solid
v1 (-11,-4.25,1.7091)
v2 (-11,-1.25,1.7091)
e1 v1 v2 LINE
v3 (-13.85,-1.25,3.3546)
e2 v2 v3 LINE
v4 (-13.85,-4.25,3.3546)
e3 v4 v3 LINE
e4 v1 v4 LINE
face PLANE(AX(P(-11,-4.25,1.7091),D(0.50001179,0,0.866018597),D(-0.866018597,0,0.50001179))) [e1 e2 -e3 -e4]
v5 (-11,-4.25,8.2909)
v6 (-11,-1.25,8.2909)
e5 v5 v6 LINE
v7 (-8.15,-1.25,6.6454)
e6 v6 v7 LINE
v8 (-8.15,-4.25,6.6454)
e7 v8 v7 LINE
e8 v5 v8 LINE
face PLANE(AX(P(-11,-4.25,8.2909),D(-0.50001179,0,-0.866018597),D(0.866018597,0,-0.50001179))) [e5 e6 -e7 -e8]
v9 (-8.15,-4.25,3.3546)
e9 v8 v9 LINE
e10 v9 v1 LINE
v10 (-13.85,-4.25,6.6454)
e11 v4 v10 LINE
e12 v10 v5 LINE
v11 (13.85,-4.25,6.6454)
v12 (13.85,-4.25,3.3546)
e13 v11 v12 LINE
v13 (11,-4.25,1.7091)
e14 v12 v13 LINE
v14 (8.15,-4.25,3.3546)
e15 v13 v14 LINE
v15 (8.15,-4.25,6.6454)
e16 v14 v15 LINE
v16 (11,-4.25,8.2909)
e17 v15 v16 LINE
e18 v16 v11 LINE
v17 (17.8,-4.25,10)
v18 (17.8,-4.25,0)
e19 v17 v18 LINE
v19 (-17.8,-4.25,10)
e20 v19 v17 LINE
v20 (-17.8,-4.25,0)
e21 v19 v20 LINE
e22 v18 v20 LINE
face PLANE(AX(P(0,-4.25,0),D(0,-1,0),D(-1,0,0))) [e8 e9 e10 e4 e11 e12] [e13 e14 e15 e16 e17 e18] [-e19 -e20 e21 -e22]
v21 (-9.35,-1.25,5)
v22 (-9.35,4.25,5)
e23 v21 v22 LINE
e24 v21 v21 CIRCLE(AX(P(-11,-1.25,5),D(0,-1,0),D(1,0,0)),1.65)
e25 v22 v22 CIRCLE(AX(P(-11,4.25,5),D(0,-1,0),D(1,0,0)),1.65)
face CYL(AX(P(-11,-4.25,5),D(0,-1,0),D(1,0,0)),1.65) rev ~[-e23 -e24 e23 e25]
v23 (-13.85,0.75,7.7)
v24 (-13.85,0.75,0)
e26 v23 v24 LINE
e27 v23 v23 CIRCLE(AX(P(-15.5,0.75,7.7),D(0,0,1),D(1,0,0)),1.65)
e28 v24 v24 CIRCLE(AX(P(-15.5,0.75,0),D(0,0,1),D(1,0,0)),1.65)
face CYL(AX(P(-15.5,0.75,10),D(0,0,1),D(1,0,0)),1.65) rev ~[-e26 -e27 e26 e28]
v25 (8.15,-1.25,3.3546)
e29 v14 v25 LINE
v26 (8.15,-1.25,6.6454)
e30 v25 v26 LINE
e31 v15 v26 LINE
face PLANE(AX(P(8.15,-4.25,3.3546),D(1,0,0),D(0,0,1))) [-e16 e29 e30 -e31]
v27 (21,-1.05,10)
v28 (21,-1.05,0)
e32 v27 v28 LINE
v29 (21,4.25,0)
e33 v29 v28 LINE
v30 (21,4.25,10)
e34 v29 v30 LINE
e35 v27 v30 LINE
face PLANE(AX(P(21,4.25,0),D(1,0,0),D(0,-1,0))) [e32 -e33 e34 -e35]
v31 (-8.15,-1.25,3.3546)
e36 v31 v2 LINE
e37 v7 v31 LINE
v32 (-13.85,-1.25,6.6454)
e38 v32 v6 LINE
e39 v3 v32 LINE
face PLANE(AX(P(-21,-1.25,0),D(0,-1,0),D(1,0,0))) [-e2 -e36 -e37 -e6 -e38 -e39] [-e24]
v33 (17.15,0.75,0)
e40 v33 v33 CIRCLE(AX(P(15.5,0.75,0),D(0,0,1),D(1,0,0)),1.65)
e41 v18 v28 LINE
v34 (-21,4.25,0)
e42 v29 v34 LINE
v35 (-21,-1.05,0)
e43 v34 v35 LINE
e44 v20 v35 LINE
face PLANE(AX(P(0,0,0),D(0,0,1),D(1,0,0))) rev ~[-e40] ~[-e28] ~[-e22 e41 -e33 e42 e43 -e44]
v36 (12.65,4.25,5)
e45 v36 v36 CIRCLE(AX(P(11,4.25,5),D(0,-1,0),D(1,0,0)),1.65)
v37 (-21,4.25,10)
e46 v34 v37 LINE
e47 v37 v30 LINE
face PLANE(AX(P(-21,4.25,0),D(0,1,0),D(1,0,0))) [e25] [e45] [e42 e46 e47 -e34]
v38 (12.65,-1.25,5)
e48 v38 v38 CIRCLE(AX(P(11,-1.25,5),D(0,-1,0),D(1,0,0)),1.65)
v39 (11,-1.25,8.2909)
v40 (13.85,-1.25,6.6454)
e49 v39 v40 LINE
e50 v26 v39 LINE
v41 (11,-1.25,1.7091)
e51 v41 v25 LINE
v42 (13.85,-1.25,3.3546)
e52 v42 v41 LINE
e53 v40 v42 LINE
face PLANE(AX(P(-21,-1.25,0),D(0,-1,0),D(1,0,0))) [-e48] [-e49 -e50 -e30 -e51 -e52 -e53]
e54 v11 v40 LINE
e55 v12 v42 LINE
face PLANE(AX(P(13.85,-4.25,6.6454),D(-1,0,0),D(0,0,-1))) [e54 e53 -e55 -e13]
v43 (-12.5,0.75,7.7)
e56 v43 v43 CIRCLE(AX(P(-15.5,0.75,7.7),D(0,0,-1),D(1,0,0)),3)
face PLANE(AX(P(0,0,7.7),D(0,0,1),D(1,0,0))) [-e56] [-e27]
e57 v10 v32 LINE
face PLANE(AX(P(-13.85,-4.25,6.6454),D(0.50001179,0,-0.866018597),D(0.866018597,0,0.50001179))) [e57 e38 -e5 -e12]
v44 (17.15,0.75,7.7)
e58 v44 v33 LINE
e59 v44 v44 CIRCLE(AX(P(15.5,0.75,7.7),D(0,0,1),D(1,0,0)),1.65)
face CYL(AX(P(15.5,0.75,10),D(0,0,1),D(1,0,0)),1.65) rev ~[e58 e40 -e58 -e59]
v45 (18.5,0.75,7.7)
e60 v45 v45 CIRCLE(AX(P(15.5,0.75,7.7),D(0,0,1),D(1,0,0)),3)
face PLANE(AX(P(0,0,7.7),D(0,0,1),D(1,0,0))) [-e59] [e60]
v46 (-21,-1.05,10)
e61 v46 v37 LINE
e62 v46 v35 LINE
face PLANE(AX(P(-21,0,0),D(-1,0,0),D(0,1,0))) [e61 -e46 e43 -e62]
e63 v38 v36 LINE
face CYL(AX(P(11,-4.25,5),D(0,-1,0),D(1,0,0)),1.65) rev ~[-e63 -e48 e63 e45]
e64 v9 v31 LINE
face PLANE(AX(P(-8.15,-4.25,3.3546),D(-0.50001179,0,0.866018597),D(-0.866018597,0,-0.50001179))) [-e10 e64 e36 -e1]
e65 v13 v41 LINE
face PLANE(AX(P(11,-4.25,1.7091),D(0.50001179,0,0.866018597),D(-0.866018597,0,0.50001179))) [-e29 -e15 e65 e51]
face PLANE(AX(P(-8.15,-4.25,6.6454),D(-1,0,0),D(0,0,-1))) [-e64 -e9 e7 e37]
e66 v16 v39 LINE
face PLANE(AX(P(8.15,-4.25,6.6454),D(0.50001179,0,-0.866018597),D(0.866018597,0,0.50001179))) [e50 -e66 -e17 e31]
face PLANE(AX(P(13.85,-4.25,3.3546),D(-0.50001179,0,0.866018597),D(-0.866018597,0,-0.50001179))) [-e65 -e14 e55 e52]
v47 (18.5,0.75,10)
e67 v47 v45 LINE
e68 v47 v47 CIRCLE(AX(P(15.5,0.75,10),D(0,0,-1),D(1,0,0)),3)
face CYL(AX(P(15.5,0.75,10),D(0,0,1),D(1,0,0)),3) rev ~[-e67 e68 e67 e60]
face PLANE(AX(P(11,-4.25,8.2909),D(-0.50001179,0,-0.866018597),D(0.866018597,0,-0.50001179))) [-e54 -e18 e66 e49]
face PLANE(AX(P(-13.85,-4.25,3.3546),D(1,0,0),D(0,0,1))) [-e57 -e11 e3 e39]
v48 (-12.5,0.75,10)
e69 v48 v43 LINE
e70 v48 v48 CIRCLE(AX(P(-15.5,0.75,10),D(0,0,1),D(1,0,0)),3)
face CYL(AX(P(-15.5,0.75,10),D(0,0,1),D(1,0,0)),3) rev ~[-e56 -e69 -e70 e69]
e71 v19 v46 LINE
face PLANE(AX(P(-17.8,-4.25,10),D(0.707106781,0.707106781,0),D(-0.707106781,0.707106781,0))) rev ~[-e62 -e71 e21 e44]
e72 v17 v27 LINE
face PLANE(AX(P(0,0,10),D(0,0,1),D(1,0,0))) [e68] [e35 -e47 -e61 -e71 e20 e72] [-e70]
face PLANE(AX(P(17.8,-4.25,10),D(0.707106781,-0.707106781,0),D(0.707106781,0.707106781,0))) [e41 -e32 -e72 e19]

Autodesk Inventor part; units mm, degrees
ref_plane "YZ Plane" through (0, 0, 0) normal (1, 0, 0) x (0, 1, 0)
ref_plane "XZ Plane" through (0, 0, 0) normal (0, 1, 0) x (-1, 0, 0)
ref_plane "XY Plane" through (0, 0, 0) normal (0, 0, 1) x (1, 0, 0)
sketch "草圖1" plane through (0, 0, 0) normal (0, 0, 1) x (1, 0, 0)
  line L0 (-29.4, 0) -> (29.4, 0) projected
  line L1 (0, -5.95) -> (0, 5.95) projected
  line L2 (-21, 4.25) -> (21, 4.25)
  line L3 (21, 4.25) -> (21, -4.25)
  line L4 (21, -4.25) -> (-21, -4.25)
  line L5 (-21, -4.25) -> (-21, 4.25)
  point P0 (0, 0)
  dimension "d0" = 8.5
  dimension "d1" = 42
extrude "擠出1" add sketch "草圖1" along normal blind 10
sketch "草圖2" plane through (-21, -4.25, 0) normal (0, -1, 0) x (1, 0, 0)
  line L0 (0, 0) -> (42, 0) projected
  line L1 (42, 0) -> (42, 10) projected
  line L2 (0, 10) -> (42, 10) projected
  line L3 (0, 0) -> (0, 10) projected
  circle A0 centre (10, 5) radius 4
  circle A1 centre (10, 5) radius 1.65
  line L4 (21, 0) -> (21, -1.5889)
  circle A2 centre (32, 5) radius 4
  circle A3 centre (32, 5) radius 1.65
  line L5 (10, 1.7091) -> (7.15, 3.3546)
  line L6 (7.15, 3.3546) -> (7.15, 6.6454)
  line L7 (7.15, 6.6454) -> (10, 8.2909)
  line L8 (10, 8.2909) -> (12.85, 6.6454)
  line L9 (12.85, 6.6454) -> (12.85, 3.3546)
  line L10 (12.85, 3.3546) -> (10, 1.7091)
  line L11 (32, 1.7091) -> (29.15, 3.3546)
  line L12 (29.15, 3.3546) -> (29.15, 6.6454)
  line L13 (29.15, 6.6454) -> (32, 8.2909)
  line L14 (32, 8.2909) -> (34.85, 6.6454)
  line L15 (34.85, 6.6454) -> (34.85, 3.3546)
  line L16 (34.85, 3.3546) -> (32, 1.7091)
  point P0 (29.15, 5)
  dimension "d5" = 3.3
  dimension "d6" = 10
  dimension "d24" = 5.7
  dimension "d25" = 5.7
  dimension "d32" = 5
extrude "擠出2" cut sketch "草圖2" against normal blind 10 contours A1 | A3
sketch "草圖3" plane through (0, 0, 10) normal (0, 0, 1) x (1, 0, 0)
  line L0 (-21, -4.25) -> (21, -4.25) projected
  line L1 (21, -4.25) -> (21, 4.25) projected
  line L2 (21, 4.25) -> (-21, 4.25) projected
  line L3 (-21, 4.25) -> (-21, -4.25) projected
  line L4 (-17.8, -4.25) -> (-21, -1.05)
  line L5 (0, 4.25) -> (0, 6.2817)
  line L6 (17.8, -4.25) -> (21, -1.05)
  line L7 (17.8, -4.25) -> (22.3255, -4.25) construction
  circle A0 centre (-15.5, 0.75) radius 1.65
  circle A1 centre (-15.5, 0.75) radius 3
  circle A2 centre (15.5, 0.75) radius 1.65
  circle A3 centre (15.5, 0.75) radius 3
  line L8 (-18.5, 0.75) -> (-12.5, 0.75)
  line L9 (-12.5, 0.75) -> (-12.5, 4.25)
  line L10 (-12.5, 4.25) -> (-18.5, 4.25)
  line L11 (-18.5, 4.25) -> (-18.5, 0.75)
  line L12 (12.5, 0.75) -> (18.5, 0.75)
  line L13 (18.5, 0.75) -> (18.5, 4.25)
  line L14 (18.5, 4.25) -> (12.5, 4.25)
  line L15 (12.5, 4.25) -> (12.5, 0.75)
  point P0 (0, 0)
  point P1 (13.85, 0.75)
  point P2 (17.15, 0.75)
  point P3 (12.5, 4.25)
  point P4 (-12.5, 0.75)
  point P5 (-17.15, 0.75)
  point P6 (-13.85, 0.75)
  dimension "d16" = 6
  dimension "d11" = 3.2
  dimension "d12" = 45
  dimension "d13" = 45
  dimension "d14" = 3.2
  dimension "d15" = 3.3
  dimension "d17" = 5.5
  dimension "d28" = 3.5
extrude "擠出4" cut sketch "草圖3" against normal up to surface (10 mm away) contours L3 L4 L0 | L6 L1 L0 | L8 A0 | A0 L8 | L12 A2 | A2 L12
extrude "擠出6" cut sketch "草圖3" against normal blind 2.3 contours L8 A0 A1 | A1 L8 A0 | A0 L8 | L12 A2 A3 | A3 L12 A2 | L12 A2 picked at (-15.1043, 1.2463) picked at (16.003, 1.1372)
extrude "擠出7" cut sketch "草圖2" against normal blind 3 contours A1 | A3 | L5 L6 L7 L8 L9 L10 | L11 L12 L13 L14 L15 L16
properties part number "y_motor_lock_bottom2_3D 列印"
